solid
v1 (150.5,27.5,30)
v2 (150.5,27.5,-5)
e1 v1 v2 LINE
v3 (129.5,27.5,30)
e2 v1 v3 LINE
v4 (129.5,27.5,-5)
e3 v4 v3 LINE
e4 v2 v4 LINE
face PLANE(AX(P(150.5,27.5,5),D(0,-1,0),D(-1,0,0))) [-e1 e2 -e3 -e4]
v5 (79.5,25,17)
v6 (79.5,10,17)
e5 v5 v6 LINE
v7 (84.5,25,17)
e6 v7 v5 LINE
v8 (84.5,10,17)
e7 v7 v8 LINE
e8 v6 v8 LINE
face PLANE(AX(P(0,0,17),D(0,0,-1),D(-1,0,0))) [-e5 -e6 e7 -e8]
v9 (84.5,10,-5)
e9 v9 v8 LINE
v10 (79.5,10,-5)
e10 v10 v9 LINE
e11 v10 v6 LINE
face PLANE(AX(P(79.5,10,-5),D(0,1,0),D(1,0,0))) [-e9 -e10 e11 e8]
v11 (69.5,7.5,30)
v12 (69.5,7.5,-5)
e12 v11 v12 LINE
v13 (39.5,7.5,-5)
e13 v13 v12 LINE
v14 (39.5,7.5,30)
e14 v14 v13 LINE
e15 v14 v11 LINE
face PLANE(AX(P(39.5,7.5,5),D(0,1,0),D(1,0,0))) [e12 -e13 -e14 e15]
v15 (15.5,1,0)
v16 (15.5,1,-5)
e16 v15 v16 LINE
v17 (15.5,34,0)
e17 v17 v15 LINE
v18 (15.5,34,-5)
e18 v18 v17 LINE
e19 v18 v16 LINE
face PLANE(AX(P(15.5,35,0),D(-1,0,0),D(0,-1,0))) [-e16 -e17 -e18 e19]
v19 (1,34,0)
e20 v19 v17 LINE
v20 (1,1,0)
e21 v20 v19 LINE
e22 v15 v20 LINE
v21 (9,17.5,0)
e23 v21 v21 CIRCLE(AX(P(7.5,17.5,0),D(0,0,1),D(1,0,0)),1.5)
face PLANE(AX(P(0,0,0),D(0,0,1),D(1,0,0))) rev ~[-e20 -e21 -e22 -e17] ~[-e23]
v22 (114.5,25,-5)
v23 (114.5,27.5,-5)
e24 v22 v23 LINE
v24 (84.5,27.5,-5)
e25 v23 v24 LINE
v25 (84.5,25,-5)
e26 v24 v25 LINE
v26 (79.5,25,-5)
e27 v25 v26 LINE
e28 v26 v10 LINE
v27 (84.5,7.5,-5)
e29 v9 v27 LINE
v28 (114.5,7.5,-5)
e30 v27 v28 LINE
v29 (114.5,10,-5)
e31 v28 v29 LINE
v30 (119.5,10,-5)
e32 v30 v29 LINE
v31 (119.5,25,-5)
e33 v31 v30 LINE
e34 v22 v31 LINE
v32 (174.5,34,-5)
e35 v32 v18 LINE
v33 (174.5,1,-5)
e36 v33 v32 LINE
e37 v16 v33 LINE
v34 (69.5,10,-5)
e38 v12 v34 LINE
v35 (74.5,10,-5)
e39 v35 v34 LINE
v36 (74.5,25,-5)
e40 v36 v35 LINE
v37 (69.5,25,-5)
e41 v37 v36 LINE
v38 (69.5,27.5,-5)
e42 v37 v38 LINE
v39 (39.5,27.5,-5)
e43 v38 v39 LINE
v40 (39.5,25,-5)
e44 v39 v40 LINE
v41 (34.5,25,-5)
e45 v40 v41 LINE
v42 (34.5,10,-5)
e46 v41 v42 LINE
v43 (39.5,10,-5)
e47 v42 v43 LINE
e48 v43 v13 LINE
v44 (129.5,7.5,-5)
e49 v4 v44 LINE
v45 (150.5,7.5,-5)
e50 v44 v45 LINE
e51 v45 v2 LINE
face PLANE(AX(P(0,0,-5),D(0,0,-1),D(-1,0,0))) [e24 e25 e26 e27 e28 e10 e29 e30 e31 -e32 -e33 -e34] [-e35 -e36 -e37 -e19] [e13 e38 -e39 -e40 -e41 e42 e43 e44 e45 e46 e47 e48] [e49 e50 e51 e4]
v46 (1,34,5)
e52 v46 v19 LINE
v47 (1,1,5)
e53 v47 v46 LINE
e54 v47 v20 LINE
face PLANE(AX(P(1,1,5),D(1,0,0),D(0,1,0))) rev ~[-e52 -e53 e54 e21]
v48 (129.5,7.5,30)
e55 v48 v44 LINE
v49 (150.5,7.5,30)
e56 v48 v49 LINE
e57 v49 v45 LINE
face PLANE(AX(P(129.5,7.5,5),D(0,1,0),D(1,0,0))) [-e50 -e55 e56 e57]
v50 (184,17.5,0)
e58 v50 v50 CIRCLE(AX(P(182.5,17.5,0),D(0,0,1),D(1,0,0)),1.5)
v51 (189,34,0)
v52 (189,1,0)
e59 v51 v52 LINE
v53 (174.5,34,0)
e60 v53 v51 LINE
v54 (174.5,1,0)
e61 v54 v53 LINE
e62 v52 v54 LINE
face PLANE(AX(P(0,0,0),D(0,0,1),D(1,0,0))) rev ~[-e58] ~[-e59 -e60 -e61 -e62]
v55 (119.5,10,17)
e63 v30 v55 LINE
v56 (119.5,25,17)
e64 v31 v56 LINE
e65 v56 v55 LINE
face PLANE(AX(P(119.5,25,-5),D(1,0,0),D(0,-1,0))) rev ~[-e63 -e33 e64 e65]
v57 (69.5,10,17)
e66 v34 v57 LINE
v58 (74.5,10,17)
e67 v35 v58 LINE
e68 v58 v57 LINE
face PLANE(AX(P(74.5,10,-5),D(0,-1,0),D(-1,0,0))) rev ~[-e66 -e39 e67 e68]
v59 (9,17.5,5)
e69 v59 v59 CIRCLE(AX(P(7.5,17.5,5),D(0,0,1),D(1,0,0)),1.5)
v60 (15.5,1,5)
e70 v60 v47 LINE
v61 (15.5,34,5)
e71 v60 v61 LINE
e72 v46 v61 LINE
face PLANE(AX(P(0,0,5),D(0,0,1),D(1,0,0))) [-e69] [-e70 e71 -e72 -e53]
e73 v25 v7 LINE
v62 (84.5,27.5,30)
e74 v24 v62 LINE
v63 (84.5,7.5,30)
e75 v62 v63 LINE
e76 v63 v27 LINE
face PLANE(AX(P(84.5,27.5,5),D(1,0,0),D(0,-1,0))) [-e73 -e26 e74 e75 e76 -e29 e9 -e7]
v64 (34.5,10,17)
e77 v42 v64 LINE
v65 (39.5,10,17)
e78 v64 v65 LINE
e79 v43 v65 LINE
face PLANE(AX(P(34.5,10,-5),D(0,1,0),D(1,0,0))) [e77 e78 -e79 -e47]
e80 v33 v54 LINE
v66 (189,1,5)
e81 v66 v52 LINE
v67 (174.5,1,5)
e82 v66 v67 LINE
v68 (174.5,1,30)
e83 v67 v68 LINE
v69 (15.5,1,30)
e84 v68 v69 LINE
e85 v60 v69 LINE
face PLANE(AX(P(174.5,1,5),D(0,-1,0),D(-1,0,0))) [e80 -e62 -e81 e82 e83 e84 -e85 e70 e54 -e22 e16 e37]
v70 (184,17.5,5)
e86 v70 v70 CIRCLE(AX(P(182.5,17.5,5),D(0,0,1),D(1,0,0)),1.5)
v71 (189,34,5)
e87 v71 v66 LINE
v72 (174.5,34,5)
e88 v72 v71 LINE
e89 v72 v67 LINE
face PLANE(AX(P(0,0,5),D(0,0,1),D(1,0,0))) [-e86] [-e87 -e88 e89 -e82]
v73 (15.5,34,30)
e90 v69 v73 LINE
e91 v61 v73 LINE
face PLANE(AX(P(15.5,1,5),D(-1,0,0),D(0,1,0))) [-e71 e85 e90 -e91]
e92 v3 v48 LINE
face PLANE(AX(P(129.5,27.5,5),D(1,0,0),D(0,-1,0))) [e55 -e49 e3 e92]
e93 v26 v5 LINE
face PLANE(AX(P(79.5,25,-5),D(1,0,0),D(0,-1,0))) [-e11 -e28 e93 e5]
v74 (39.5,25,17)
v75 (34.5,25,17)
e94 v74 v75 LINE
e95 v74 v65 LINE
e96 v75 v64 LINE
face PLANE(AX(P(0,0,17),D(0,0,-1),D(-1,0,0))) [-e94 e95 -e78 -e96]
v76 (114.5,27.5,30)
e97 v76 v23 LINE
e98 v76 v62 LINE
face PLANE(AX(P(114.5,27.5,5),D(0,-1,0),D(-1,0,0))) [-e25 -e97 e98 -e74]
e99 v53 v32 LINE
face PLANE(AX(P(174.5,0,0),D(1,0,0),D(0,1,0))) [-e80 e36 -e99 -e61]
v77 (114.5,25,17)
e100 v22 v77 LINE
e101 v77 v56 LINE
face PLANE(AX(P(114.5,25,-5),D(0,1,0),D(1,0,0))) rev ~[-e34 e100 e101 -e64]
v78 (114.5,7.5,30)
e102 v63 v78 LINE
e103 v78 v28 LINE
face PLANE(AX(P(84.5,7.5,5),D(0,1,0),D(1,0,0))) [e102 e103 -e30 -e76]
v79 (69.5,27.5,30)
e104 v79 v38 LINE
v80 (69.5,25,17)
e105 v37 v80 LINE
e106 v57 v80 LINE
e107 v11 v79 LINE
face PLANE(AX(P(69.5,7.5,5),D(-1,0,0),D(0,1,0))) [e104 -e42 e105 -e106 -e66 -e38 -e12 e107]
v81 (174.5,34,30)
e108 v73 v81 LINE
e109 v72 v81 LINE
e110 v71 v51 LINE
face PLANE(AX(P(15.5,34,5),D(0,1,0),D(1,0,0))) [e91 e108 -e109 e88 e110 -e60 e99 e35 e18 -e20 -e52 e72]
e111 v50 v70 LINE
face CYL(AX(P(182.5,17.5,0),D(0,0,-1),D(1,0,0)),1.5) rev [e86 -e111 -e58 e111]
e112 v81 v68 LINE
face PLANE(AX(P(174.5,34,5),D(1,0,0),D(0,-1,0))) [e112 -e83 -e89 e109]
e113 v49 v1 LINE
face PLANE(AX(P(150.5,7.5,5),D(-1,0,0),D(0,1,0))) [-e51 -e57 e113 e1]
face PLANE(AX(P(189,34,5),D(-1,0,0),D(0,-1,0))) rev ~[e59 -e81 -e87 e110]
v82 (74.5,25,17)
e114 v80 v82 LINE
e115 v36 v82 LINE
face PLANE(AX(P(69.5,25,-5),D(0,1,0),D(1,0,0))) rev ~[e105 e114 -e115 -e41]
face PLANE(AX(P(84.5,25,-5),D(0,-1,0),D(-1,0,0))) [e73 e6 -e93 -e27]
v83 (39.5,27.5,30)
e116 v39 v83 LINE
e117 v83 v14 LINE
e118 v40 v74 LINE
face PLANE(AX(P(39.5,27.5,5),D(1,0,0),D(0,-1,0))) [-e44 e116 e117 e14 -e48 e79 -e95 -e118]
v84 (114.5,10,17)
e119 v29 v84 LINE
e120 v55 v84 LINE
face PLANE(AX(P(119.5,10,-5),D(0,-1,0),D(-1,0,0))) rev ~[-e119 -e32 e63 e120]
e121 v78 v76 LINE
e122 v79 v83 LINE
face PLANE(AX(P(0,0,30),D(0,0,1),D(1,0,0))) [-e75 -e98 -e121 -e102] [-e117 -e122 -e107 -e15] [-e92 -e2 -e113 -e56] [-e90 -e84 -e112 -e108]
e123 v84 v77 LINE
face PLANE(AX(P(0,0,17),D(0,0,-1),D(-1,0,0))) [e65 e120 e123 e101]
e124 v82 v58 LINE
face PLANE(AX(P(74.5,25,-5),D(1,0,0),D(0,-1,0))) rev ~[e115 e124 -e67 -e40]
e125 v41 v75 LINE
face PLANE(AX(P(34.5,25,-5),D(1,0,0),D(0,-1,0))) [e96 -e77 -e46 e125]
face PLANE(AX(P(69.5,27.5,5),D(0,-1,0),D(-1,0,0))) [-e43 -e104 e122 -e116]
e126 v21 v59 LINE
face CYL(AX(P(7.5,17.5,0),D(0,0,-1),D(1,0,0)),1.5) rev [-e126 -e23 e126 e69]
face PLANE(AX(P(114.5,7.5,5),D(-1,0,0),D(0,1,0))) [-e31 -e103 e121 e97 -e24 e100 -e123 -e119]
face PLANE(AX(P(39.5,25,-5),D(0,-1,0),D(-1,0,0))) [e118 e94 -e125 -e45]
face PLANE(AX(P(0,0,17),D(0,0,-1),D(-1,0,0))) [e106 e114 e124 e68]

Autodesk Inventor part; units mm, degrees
ref_plane "YZ Plane" through (0, 0, 0) normal (1, 0, 0) x (0, 1, 0)
ref_plane "XZ Plane" through (0, 0, 0) normal (0, 1, 0) x (-1, 0, 0)
ref_plane "XY Plane" through (0, 0, 0) normal (0, 0, 1) x (1, 0, 0)
sketch "Sketch1" plane through (0, 0, 0) normal (0, 0, 1) x (1, 0, 0)
  line L0 (0, 0) -> (190, 0)
  line L1 (190, 0) -> (190, 35)
  line L2 (190, 35) -> (0, 35)
  line L3 (0, 35) -> (0, 0)
  circle A0 centre (7.5, 17.5) radius 1.5
  circle A1 centre (182.5, 17.5) radius 1.5
  point P0 (0, 17.5)
  dimension "d0" = 190
  dimension "d1" = 35
  dimension "d2" = 3
  dimension "d3" = 7.5
  dimension "d4" = 3
  dimension "d5" = 7.5
extrude "Extrusion1" add sketch "Sketch1" along normal blind 5
sketch "Sketch2" plane through (0, 0, 0) normal (0, 0, -1) x (-1, 0, 0)
  line L0 (0, 0) -> (-190, 0) projected
  line L1 (-190, 35) -> (0, 35) projected
  line L2 (-15.5, 0) -> (-174.5, 0)
  line L3 (-174.5, 0) -> (-174.5, 35)
  line L4 (-174.5, 35) -> (-15.5, 35)
  line L5 (-15.5, 35) -> (-15.5, 0)
  point P0 (-95, 0)
  dimension "d8" = 159
extrude "Extrusion2" add sketch "Sketch2" along normal blind 5
sketch "Sketch3" plane through (0, 0, 5) normal (0, 0, 1) x (1, 0, 0)
  circle A0 centre (182.5, 17.5) radius 1.5 projected
  circle A1 centre (7.5, 17.5) radius 1.5 projected
  line L0 (0, 0) -> (190, 0) projected
  line L1 (190, 0) -> (190, 35) projected
  line L2 (190, 35) -> (0, 35) projected
  line L3 (0, 35) -> (0, 0) projected
  line L4 (1, 34) -> (189, 34)
  line L5 (189, 34) -> (189, 1)
  line L6 (189, 1) -> (1, 1)
  line L7 (1, 1) -> (1, 34)
  dimension "d11" = 1
extrude "Extrusion3" cut sketch "Sketch3" against normal through all contours L3 L2 L1 L0
sketch "Sketch4" plane through (0, 0, 5) normal (0, 0, 1) x (1, 0, 0)
  line L0 (39.5, 27.5) -> (69.5, 27.5)
  line L1 (69.5, 27.5) -> (69.5, 7.5)
  line L2 (69.5, 7.5) -> (39.5, 7.5)
  line L3 (39.5, 7.5) -> (39.5, 27.5)
  line L4 (84.5, 27.5) -> (114.5, 27.5)
  line L5 (114.5, 27.5) -> (114.5, 7.5)
  line L6 (114.5, 7.5) -> (84.5, 7.5)
  line L7 (84.5, 7.5) -> (84.5, 27.5)
  line L8 (129.5, 27.5) -> (150.5, 27.5)
  line L9 (150.5, 27.5) -> (150.5, 7.5)
  line L10 (150.5, 7.5) -> (129.5, 7.5)
  line L11 (129.5, 7.5) -> (129.5, 27.5)
  line L12 (39.5, 17.5) -> (150.5, 17.5) construction
  line L13 (189, 34) -> (1, 34) projected
  circle A0 centre (7.5, 17.5) radius 1.5 projected
  point P0 (0, 0)
  point P1 (95, 17.5)
  point P2 (95, 34)
  point P3 (114.5, 17.5)
  dimension "d14" = 30
  dimension "d15" = 20
  dimension "d16" = 30
  dimension "d17" = 20
  dimension "d18" = 21
  dimension "d19" = 20
  dimension "d20" = 15
  dimension "d21" = 15
extrude "Extrusion4" cut sketch "Sketch4" against normal through all contours L0 L1 L2 L3 | L4 L5 L6 L7 | L8 L9 L10 L11
sketch "Sketch5" plane through (0, 0, 5) normal (0, 0, 1) x (1, 0, 0)
  line L0 (39.5, 27.5) -> (39.5, 7.5) projected
  line L1 (39.5, 7.5) -> (69.5, 7.5) projected
  line L2 (69.5, 7.5) -> (69.5, 27.5) projected
  line L3 (69.5, 27.5) -> (39.5, 27.5) projected
  line L4 (129.5, 27.5) -> (129.5, 7.5) projected
  line L5 (129.5, 7.5) -> (150.5, 7.5) projected
  line L6 (150.5, 7.5) -> (150.5, 27.5) projected
  line L7 (150.5, 27.5) -> (129.5, 27.5) projected
  line L8 (84.5, 27.5) -> (84.5, 7.5) projected
  line L9 (84.5, 7.5) -> (114.5, 7.5) projected
  line L10 (114.5, 7.5) -> (114.5, 27.5) projected
  line L11 (114.5, 27.5) -> (84.5, 27.5) projected
  line L12 (174.5, 1) -> (15.5, 1) projected
  line L13 (15.5, 1) -> (15.5, 34) projected
  line L14 (15.5, 34) -> (174.5, 34) projected
  line L15 (174.5, 34) -> (174.5, 1) projected
  point P0 (0, 0)
extrude "Extrusion5" add sketch "Sketch5" along normal blind 25
sketch "Sketch6" plane through (0, 0, -5) normal (0, 0, -1) x (-1, 0, 0)
  line L0 (-69.5, 27.5) -> (-39.5, 27.5) projected
  line L1 (-39.5, 27.5) -> (-39.5, 7.5) projected
  line L2 (-69.5, 7.5) -> (-69.5, 27.5) projected
  line L3 (-84.5, 27.5) -> (-84.5, 7.5) projected
  line L4 (-114.5, 27.5) -> (-84.5, 27.5) projected
  line L5 (-114.5, 7.5) -> (-114.5, 27.5) projected
  line L6 (-39.5, 25) -> (-34.5, 25)
  line L7 (-34.5, 25) -> (-34.5, 10)
  line L8 (-34.5, 10) -> (-39.5, 10)
  line L9 (-39.5, 10) -> (-39.5, 25)
  line L10 (-69.5, 25) -> (-74.5, 25)
  line L11 (-74.5, 25) -> (-74.5, 10)
  line L12 (-74.5, 10) -> (-69.5, 10)
  line L13 (-69.5, 10) -> (-69.5, 25)
  line L14 (-84.5, 25) -> (-79.5, 25)
  line L15 (-79.5, 25) -> (-79.5, 10)
  line L16 (-79.5, 10) -> (-84.5, 10)
  line L17 (-84.5, 10) -> (-84.5, 25)
  line L18 (-114.5, 25) -> (-119.5, 25)
  line L19 (-119.5, 25) -> (-119.5, 10)
  line L20 (-119.5, 10) -> (-114.5, 10)
  line L21 (-114.5, 10) -> (-114.5, 25)
  point P0 (0, 0)
  point P1 (-39.5, 17.5)
  dimension "d26" = 15
  dimension "d27" = 5
  dimension "d28" = 5
  dimension "d29" = 5
  dimension "d30" = 5
extrude "Extrusion6" cut sketch "Sketch6" against normal blind 22
properties part number "BP011" material "ABS Plastic"
